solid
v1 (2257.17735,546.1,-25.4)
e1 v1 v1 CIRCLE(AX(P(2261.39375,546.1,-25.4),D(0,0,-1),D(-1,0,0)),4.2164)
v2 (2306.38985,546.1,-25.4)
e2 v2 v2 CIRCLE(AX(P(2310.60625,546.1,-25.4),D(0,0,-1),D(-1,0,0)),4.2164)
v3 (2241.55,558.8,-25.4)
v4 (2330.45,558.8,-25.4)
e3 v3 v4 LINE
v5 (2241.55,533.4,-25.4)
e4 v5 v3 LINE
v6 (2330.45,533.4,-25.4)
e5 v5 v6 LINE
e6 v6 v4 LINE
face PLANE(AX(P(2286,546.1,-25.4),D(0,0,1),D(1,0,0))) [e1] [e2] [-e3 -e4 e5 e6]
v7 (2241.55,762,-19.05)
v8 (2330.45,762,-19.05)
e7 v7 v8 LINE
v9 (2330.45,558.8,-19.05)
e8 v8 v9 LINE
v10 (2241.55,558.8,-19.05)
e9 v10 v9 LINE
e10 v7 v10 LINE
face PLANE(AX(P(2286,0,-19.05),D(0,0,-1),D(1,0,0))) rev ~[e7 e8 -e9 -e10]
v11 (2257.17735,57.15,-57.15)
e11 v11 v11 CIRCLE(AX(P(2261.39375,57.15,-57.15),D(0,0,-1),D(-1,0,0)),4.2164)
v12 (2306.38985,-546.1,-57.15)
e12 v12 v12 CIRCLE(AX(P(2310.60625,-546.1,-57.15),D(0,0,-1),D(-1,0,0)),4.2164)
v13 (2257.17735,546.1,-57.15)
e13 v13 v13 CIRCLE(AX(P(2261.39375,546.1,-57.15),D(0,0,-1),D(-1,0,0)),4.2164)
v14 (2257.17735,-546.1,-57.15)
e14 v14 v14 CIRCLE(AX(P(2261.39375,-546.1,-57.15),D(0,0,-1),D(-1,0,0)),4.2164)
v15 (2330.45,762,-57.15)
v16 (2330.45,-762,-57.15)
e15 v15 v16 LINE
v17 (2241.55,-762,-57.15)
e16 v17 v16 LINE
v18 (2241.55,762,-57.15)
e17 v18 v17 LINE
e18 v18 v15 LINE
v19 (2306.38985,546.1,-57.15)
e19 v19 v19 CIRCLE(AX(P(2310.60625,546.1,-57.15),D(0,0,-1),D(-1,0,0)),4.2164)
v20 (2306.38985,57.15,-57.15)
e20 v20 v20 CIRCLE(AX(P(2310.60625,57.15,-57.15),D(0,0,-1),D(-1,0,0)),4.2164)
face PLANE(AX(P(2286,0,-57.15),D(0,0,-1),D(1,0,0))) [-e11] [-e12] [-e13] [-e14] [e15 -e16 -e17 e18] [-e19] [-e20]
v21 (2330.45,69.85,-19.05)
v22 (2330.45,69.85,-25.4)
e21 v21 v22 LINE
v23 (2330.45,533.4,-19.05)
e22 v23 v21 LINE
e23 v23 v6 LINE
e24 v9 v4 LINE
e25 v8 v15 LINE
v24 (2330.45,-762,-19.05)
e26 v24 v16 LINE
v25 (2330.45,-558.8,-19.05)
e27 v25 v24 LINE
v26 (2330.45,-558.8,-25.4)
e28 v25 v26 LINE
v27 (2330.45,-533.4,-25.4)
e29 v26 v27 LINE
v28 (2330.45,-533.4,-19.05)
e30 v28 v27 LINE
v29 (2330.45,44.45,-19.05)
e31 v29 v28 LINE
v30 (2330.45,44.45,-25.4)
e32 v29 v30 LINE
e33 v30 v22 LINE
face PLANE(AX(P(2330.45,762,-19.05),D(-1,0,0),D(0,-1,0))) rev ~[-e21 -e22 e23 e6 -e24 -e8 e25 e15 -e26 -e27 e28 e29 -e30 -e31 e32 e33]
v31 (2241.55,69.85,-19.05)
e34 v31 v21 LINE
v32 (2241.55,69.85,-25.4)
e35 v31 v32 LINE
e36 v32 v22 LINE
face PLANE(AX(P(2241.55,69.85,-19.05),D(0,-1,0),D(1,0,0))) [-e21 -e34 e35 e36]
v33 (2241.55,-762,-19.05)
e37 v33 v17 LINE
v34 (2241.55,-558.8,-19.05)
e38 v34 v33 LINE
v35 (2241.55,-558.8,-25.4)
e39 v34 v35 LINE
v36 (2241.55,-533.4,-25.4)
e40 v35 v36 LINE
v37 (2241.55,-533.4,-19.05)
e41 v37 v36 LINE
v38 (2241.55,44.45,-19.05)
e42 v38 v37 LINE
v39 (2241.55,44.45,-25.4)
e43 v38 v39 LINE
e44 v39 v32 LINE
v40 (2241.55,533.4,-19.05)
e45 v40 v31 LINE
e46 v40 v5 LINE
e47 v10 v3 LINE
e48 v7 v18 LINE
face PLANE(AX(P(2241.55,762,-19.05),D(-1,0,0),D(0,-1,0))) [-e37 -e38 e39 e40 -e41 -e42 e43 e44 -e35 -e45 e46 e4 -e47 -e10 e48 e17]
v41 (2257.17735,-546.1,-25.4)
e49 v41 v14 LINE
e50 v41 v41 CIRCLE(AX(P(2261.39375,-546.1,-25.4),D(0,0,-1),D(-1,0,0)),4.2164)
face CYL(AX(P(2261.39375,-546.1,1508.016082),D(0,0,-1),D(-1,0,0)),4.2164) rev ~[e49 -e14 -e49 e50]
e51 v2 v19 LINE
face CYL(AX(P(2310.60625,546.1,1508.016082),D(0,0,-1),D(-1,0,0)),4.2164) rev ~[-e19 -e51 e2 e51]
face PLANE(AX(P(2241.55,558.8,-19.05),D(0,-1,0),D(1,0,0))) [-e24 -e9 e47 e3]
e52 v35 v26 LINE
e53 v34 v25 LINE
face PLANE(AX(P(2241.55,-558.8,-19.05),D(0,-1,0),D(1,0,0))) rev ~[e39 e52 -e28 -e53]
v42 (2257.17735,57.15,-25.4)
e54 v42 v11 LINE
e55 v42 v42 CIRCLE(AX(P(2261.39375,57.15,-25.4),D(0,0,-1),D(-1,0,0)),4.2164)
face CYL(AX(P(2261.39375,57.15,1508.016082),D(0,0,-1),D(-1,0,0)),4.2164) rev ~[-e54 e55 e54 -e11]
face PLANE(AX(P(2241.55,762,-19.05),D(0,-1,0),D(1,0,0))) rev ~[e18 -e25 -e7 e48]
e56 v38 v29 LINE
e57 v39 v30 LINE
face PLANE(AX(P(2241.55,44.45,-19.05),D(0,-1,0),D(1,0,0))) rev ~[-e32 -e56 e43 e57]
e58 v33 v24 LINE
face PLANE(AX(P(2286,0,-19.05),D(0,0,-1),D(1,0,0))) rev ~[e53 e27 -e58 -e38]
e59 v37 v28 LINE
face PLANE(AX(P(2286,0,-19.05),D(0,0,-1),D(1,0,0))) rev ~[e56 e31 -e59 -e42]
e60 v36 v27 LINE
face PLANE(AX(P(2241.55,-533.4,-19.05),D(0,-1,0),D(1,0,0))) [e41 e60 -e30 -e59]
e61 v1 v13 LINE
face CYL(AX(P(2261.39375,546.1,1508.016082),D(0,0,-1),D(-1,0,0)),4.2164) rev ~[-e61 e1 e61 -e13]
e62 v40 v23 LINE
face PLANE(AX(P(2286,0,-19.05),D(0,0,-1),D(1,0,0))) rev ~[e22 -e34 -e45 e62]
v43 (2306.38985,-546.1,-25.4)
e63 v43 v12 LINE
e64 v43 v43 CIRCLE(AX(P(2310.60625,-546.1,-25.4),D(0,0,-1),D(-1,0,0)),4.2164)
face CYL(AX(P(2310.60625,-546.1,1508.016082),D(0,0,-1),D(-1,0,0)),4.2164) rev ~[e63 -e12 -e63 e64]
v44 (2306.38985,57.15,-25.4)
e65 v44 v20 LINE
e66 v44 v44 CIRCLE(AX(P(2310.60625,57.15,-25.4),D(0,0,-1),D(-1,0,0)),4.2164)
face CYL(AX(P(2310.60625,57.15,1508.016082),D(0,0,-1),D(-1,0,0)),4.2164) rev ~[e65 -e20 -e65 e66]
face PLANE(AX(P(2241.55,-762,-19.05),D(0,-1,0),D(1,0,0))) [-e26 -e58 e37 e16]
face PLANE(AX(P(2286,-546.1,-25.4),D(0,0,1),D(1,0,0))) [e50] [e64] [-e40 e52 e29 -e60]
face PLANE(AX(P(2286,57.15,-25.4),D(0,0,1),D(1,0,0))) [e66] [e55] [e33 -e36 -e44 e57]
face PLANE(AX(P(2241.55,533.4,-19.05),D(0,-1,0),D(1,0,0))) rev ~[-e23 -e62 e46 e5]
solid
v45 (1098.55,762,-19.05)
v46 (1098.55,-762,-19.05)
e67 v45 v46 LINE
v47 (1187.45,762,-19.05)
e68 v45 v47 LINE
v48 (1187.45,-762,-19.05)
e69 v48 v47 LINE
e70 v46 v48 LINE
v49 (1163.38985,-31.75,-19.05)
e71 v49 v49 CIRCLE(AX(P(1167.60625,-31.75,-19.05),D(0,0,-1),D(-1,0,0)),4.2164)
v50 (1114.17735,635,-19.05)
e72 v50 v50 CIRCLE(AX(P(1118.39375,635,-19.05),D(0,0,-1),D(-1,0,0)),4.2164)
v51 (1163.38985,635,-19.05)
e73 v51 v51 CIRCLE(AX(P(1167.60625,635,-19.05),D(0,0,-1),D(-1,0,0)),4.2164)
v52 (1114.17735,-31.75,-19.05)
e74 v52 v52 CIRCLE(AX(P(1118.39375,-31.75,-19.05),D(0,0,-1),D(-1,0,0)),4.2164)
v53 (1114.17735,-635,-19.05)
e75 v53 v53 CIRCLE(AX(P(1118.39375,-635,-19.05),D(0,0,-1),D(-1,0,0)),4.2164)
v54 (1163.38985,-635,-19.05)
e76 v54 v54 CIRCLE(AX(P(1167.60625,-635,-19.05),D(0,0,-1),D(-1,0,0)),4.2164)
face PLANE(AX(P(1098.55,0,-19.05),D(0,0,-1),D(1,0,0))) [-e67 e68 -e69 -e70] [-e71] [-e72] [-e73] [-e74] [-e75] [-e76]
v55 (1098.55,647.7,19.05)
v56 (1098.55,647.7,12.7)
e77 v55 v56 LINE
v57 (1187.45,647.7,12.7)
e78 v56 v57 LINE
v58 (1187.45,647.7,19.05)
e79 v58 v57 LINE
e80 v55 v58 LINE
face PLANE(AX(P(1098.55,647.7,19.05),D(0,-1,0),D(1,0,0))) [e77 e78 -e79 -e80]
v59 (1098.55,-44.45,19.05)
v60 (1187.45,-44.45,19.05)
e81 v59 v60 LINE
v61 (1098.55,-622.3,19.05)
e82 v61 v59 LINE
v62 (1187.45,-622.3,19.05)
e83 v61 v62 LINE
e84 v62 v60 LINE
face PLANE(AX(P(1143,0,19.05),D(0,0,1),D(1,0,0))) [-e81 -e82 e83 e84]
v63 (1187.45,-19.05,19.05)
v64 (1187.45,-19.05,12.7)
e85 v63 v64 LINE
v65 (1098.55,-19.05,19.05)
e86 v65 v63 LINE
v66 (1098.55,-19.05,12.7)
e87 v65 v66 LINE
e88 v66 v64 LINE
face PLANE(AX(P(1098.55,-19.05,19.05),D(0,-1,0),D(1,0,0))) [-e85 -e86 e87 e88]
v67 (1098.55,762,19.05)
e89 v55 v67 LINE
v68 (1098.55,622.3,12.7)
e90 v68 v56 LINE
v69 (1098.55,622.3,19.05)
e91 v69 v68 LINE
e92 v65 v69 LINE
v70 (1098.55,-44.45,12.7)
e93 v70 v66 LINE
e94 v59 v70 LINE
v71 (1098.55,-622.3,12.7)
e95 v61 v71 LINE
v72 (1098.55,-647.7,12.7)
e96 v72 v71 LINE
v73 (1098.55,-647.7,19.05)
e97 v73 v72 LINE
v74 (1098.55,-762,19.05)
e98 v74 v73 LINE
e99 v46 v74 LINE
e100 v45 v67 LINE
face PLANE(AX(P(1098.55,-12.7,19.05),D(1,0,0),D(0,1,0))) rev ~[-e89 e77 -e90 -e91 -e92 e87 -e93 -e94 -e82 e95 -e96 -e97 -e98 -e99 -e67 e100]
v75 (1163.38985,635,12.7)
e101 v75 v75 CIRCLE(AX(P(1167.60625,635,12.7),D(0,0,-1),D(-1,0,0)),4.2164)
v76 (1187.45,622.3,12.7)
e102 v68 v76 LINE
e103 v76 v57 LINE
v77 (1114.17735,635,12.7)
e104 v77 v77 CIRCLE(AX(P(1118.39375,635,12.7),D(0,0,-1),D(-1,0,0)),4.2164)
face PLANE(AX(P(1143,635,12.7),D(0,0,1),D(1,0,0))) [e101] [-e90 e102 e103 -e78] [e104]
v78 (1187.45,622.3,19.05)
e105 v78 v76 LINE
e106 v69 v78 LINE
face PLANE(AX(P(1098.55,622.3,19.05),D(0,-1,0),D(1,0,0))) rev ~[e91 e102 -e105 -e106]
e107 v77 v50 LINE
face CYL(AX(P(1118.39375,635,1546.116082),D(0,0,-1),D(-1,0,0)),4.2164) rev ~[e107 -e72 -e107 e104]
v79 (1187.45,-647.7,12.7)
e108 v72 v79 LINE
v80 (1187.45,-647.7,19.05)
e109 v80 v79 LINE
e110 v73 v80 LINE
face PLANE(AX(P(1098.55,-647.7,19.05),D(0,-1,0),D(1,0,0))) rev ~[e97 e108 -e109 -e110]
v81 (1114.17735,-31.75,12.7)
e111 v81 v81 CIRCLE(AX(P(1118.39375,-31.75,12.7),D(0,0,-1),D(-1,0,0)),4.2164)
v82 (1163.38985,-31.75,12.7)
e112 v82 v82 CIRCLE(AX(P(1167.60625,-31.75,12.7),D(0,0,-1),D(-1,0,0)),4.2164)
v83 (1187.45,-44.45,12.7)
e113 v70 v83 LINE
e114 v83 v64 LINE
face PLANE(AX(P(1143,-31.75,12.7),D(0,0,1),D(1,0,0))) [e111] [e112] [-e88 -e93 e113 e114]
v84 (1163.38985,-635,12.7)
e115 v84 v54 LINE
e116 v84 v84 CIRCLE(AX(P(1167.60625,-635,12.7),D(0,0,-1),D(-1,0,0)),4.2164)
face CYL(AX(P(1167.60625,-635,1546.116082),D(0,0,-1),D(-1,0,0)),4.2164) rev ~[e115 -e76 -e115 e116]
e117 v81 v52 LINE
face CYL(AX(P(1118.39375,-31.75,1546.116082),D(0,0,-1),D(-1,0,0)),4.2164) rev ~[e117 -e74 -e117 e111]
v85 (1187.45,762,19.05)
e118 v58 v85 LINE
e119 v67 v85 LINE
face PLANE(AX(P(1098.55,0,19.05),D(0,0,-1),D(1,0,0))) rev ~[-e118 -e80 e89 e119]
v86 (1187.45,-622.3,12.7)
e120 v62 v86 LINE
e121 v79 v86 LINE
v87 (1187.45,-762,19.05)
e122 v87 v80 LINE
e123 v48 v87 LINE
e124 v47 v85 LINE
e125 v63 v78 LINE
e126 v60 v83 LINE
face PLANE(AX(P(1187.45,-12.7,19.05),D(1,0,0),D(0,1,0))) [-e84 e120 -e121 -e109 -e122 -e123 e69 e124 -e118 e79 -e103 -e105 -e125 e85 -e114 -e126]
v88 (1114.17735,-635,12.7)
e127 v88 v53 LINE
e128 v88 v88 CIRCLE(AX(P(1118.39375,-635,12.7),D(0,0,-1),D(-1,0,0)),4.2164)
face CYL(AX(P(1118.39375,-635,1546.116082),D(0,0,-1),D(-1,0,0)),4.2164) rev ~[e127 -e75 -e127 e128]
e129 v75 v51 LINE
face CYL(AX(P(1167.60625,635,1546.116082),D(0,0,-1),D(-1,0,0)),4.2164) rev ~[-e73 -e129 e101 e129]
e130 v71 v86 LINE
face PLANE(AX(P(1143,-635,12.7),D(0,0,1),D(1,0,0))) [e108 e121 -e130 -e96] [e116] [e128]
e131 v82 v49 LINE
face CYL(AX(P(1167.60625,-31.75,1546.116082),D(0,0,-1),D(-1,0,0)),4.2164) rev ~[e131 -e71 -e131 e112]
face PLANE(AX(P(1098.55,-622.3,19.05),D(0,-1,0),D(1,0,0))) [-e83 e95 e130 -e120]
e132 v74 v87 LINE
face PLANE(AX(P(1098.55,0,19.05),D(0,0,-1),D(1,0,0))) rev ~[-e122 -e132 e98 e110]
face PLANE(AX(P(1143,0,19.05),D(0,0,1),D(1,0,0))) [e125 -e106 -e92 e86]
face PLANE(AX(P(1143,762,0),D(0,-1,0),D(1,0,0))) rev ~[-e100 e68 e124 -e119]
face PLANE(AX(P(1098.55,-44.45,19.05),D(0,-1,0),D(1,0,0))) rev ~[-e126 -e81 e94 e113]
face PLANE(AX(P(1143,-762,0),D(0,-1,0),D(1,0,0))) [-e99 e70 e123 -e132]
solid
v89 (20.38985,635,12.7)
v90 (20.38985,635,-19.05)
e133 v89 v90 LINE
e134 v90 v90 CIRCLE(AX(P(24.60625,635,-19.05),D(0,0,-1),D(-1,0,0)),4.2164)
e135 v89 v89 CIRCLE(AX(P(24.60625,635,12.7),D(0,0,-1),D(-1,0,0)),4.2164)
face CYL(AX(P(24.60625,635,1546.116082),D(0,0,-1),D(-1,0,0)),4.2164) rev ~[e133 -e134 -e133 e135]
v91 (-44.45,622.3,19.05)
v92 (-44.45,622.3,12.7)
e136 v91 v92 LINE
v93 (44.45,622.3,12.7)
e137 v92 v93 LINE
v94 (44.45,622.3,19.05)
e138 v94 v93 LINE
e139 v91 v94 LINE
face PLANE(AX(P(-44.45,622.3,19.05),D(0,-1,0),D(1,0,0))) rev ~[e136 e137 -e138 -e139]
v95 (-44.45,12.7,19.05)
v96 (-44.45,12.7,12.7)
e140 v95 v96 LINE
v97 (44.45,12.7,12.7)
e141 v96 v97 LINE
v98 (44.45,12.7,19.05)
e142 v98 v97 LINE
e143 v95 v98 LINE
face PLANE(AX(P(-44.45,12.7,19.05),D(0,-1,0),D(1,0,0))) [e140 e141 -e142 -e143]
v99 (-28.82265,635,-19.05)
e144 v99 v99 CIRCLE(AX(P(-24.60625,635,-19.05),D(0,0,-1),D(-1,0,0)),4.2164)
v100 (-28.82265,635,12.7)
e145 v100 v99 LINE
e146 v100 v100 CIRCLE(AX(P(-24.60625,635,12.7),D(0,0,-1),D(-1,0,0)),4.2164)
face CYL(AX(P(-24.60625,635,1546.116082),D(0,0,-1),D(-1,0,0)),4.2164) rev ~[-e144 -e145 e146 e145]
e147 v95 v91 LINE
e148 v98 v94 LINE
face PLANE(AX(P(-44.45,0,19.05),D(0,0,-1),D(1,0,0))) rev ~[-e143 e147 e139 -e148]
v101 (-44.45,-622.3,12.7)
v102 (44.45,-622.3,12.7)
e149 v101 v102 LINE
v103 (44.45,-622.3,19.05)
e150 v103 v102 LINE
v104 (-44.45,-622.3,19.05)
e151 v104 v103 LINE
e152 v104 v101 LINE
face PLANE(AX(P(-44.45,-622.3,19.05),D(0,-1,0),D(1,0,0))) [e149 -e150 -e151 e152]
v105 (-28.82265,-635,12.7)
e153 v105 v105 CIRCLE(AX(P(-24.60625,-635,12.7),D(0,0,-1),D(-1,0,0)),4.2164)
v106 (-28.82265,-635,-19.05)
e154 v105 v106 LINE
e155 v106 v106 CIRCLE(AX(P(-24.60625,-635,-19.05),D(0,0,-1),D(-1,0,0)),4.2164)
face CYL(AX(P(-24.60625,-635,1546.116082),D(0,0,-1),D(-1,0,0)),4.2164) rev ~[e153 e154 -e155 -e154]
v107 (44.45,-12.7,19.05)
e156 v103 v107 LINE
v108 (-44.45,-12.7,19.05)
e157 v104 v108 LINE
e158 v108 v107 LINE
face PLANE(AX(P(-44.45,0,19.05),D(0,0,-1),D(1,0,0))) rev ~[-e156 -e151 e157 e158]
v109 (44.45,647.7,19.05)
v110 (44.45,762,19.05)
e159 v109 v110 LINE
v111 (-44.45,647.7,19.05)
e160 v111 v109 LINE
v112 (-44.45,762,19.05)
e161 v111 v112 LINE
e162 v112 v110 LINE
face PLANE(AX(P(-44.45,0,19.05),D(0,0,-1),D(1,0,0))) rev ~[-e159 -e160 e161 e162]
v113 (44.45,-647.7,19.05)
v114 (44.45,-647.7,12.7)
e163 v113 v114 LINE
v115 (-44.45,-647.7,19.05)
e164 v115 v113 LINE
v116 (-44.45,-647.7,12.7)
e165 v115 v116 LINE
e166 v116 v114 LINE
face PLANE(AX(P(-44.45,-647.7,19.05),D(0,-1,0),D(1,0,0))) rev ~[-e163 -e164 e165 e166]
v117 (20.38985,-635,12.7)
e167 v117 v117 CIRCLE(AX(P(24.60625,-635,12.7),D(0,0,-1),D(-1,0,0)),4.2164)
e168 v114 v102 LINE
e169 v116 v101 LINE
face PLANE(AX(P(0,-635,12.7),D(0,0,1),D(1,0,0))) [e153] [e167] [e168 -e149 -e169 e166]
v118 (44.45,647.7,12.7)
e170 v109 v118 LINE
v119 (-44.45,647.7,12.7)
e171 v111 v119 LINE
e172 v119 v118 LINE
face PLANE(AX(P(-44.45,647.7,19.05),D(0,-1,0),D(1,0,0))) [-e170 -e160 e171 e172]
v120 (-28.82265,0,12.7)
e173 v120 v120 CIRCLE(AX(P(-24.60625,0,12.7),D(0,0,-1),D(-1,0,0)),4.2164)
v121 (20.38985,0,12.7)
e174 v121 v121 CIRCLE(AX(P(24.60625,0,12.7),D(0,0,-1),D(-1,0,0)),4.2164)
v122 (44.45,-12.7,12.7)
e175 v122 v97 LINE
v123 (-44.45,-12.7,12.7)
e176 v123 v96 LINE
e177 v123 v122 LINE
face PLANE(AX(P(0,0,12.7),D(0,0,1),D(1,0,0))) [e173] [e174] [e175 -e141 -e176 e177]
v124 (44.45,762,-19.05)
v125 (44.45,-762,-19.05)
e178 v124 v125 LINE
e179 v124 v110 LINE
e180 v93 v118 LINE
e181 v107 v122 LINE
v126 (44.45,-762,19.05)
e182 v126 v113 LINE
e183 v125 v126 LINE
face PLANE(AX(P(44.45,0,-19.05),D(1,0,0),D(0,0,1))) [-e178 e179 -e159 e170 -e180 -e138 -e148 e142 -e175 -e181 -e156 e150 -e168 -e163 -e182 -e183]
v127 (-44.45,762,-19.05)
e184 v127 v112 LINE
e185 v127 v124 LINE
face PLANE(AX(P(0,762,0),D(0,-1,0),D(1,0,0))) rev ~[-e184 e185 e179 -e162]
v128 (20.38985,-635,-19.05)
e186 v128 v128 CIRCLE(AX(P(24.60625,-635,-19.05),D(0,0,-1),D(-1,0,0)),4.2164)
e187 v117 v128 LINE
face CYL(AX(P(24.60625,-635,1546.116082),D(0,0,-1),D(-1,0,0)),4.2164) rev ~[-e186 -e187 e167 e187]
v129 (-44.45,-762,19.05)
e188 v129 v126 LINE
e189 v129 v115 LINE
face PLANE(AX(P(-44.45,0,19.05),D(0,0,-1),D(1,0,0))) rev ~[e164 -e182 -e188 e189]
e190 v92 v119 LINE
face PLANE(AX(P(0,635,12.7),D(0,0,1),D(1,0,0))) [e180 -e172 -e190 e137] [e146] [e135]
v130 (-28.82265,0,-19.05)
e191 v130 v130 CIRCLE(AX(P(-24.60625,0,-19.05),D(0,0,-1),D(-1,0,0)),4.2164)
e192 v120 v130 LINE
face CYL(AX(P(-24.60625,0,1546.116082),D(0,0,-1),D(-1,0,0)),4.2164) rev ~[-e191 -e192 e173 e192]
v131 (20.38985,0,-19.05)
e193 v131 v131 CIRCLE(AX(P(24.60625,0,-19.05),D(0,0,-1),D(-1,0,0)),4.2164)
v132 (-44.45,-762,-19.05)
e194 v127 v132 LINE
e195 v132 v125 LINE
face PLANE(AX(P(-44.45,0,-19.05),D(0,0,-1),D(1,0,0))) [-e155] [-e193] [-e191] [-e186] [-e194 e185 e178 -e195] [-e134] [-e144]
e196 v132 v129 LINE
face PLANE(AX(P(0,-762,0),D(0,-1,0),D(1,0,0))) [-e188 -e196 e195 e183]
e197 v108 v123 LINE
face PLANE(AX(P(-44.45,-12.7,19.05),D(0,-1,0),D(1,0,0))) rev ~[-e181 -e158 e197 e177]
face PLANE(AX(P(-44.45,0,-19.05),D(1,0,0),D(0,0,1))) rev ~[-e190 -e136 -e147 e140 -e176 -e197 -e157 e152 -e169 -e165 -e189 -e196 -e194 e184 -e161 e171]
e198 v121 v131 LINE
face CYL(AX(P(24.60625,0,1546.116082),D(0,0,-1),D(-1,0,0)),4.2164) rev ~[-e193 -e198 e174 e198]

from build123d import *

# Parameters (mm, degrees)
F0_W      = 88.9
F0_H      = 38.1
F1_DEPTH  = 762
F2_W      = 88.9
F2_H      = 25.4
F3_DEPTH  = 6.35
F4_D      = 8.4328
F6_W      = 88.9
F6_H      = 1524
F7_DEPTH  = 38.1
F8_W      = 88.9
F8_H      = 25.4
F9_DEPTH  = 6.35
F10_D     = 8.4328
F11_W     = 88.9
F11_H     = 25.4
F12_DEPTH = 38.1
F14_W     = 88.9
F14_H     = 25.4
F15_DEPTH = 6.35
F16_D     = 8.4328


with BuildPart() as f1:
    # F0 (on Front) → F1 (new body, symmetric)
    with BuildSketch(Plane.XZ):
        Rectangle(F0_W, F0_H)
    extrude(amount=F1_DEPTH, both=True)

    # F2 (on face) → F3 (cut)
    with BuildSketch(Plane.XY.offset(19.05)):
        with Locations((0, 635)):
            Rectangle(F2_W, F2_H)
        with Locations((0, -635)):
            Rectangle(F2_W, F2_H)
        Rectangle(F2_W, F2_H)
    extrude(amount=-F3_DEPTH, mode=Mode.SUBTRACT)

    # F4 (through all)
    with Locations(Plane.XY.offset(19.05)):
        with Locations((-24.60625, 635), (24.60625, 635), (-24.60625, 0), (24.60625, 0), (-24.60625, -635), (24.60625, -635)):
            Hole(F4_D / 2)


with BuildPart() as f5_1:
    # F5: copy of F1
    add(f1.part.moved(Location((1143, 0, 0))))


with BuildPart() as f7:
    # F6 (on face) → F7 (new body)
    with BuildSketch(Plane(origin=(0, 0, -19.05), x_dir=(1, 0, 0), z_dir=(0, 0, -1))):
        with Locations((2286, 0)):
            Rectangle(F6_W, F6_H)
    extrude(amount=F7_DEPTH)

    # F8 (on face) → F9 (cut)
    with BuildSketch(Plane.XY.offset(-19.05)):
        with Locations((2286, 546.1)):
            Rectangle(F8_W, F8_H)
        with Locations((2286, 57.15)):
            Rectangle(F8_W, F8_H)
        with Locations((2286, -546.1)):
            Rectangle(F8_W, F8_H)
    extrude(amount=-F9_DEPTH, mode=Mode.SUBTRACT)

    # F10 (through all)
    with Locations(Plane.XY.offset(-19.05)):
        with Locations((2261.39375, -546.1), (2310.60625, -546.1), (2261.39375, 57.15), (2310.60625, 57.15), (2261.39375, 546.1), (2310.60625, 546.1)):
            Hole(F10_D / 2)


with BuildPart() as f12:
    # F11 (on face) → F12 (new body, through all)
    with BuildSketch(Plane.XY.offset(19.05)):
        with Locations((1143, 0)):
            Rectangle(F11_W, F11_H)
    extrude(amount=-F12_DEPTH)


with BuildPart() as f5_1_1:
    add(f5_1.part)

    # F13: union F12
    add(f12.part)

    # F14 (on face) → F15 (cut)
    with BuildSketch(Plane.XY.offset(19.05)):
        with Locations((1143, -31.75)):
            Rectangle(F14_W, F14_H)
    extrude(amount=-F15_DEPTH, mode=Mode.SUBTRACT)

    # F16 (through all)
    with Locations(Plane.XY.offset(19.05)):
        with Locations((1118.39375, -31.75), (1167.60625, -31.75)):
            Hole(F16_D / 2)


solid = Compound([f1.part, f7.part, f5_1_1.part])
